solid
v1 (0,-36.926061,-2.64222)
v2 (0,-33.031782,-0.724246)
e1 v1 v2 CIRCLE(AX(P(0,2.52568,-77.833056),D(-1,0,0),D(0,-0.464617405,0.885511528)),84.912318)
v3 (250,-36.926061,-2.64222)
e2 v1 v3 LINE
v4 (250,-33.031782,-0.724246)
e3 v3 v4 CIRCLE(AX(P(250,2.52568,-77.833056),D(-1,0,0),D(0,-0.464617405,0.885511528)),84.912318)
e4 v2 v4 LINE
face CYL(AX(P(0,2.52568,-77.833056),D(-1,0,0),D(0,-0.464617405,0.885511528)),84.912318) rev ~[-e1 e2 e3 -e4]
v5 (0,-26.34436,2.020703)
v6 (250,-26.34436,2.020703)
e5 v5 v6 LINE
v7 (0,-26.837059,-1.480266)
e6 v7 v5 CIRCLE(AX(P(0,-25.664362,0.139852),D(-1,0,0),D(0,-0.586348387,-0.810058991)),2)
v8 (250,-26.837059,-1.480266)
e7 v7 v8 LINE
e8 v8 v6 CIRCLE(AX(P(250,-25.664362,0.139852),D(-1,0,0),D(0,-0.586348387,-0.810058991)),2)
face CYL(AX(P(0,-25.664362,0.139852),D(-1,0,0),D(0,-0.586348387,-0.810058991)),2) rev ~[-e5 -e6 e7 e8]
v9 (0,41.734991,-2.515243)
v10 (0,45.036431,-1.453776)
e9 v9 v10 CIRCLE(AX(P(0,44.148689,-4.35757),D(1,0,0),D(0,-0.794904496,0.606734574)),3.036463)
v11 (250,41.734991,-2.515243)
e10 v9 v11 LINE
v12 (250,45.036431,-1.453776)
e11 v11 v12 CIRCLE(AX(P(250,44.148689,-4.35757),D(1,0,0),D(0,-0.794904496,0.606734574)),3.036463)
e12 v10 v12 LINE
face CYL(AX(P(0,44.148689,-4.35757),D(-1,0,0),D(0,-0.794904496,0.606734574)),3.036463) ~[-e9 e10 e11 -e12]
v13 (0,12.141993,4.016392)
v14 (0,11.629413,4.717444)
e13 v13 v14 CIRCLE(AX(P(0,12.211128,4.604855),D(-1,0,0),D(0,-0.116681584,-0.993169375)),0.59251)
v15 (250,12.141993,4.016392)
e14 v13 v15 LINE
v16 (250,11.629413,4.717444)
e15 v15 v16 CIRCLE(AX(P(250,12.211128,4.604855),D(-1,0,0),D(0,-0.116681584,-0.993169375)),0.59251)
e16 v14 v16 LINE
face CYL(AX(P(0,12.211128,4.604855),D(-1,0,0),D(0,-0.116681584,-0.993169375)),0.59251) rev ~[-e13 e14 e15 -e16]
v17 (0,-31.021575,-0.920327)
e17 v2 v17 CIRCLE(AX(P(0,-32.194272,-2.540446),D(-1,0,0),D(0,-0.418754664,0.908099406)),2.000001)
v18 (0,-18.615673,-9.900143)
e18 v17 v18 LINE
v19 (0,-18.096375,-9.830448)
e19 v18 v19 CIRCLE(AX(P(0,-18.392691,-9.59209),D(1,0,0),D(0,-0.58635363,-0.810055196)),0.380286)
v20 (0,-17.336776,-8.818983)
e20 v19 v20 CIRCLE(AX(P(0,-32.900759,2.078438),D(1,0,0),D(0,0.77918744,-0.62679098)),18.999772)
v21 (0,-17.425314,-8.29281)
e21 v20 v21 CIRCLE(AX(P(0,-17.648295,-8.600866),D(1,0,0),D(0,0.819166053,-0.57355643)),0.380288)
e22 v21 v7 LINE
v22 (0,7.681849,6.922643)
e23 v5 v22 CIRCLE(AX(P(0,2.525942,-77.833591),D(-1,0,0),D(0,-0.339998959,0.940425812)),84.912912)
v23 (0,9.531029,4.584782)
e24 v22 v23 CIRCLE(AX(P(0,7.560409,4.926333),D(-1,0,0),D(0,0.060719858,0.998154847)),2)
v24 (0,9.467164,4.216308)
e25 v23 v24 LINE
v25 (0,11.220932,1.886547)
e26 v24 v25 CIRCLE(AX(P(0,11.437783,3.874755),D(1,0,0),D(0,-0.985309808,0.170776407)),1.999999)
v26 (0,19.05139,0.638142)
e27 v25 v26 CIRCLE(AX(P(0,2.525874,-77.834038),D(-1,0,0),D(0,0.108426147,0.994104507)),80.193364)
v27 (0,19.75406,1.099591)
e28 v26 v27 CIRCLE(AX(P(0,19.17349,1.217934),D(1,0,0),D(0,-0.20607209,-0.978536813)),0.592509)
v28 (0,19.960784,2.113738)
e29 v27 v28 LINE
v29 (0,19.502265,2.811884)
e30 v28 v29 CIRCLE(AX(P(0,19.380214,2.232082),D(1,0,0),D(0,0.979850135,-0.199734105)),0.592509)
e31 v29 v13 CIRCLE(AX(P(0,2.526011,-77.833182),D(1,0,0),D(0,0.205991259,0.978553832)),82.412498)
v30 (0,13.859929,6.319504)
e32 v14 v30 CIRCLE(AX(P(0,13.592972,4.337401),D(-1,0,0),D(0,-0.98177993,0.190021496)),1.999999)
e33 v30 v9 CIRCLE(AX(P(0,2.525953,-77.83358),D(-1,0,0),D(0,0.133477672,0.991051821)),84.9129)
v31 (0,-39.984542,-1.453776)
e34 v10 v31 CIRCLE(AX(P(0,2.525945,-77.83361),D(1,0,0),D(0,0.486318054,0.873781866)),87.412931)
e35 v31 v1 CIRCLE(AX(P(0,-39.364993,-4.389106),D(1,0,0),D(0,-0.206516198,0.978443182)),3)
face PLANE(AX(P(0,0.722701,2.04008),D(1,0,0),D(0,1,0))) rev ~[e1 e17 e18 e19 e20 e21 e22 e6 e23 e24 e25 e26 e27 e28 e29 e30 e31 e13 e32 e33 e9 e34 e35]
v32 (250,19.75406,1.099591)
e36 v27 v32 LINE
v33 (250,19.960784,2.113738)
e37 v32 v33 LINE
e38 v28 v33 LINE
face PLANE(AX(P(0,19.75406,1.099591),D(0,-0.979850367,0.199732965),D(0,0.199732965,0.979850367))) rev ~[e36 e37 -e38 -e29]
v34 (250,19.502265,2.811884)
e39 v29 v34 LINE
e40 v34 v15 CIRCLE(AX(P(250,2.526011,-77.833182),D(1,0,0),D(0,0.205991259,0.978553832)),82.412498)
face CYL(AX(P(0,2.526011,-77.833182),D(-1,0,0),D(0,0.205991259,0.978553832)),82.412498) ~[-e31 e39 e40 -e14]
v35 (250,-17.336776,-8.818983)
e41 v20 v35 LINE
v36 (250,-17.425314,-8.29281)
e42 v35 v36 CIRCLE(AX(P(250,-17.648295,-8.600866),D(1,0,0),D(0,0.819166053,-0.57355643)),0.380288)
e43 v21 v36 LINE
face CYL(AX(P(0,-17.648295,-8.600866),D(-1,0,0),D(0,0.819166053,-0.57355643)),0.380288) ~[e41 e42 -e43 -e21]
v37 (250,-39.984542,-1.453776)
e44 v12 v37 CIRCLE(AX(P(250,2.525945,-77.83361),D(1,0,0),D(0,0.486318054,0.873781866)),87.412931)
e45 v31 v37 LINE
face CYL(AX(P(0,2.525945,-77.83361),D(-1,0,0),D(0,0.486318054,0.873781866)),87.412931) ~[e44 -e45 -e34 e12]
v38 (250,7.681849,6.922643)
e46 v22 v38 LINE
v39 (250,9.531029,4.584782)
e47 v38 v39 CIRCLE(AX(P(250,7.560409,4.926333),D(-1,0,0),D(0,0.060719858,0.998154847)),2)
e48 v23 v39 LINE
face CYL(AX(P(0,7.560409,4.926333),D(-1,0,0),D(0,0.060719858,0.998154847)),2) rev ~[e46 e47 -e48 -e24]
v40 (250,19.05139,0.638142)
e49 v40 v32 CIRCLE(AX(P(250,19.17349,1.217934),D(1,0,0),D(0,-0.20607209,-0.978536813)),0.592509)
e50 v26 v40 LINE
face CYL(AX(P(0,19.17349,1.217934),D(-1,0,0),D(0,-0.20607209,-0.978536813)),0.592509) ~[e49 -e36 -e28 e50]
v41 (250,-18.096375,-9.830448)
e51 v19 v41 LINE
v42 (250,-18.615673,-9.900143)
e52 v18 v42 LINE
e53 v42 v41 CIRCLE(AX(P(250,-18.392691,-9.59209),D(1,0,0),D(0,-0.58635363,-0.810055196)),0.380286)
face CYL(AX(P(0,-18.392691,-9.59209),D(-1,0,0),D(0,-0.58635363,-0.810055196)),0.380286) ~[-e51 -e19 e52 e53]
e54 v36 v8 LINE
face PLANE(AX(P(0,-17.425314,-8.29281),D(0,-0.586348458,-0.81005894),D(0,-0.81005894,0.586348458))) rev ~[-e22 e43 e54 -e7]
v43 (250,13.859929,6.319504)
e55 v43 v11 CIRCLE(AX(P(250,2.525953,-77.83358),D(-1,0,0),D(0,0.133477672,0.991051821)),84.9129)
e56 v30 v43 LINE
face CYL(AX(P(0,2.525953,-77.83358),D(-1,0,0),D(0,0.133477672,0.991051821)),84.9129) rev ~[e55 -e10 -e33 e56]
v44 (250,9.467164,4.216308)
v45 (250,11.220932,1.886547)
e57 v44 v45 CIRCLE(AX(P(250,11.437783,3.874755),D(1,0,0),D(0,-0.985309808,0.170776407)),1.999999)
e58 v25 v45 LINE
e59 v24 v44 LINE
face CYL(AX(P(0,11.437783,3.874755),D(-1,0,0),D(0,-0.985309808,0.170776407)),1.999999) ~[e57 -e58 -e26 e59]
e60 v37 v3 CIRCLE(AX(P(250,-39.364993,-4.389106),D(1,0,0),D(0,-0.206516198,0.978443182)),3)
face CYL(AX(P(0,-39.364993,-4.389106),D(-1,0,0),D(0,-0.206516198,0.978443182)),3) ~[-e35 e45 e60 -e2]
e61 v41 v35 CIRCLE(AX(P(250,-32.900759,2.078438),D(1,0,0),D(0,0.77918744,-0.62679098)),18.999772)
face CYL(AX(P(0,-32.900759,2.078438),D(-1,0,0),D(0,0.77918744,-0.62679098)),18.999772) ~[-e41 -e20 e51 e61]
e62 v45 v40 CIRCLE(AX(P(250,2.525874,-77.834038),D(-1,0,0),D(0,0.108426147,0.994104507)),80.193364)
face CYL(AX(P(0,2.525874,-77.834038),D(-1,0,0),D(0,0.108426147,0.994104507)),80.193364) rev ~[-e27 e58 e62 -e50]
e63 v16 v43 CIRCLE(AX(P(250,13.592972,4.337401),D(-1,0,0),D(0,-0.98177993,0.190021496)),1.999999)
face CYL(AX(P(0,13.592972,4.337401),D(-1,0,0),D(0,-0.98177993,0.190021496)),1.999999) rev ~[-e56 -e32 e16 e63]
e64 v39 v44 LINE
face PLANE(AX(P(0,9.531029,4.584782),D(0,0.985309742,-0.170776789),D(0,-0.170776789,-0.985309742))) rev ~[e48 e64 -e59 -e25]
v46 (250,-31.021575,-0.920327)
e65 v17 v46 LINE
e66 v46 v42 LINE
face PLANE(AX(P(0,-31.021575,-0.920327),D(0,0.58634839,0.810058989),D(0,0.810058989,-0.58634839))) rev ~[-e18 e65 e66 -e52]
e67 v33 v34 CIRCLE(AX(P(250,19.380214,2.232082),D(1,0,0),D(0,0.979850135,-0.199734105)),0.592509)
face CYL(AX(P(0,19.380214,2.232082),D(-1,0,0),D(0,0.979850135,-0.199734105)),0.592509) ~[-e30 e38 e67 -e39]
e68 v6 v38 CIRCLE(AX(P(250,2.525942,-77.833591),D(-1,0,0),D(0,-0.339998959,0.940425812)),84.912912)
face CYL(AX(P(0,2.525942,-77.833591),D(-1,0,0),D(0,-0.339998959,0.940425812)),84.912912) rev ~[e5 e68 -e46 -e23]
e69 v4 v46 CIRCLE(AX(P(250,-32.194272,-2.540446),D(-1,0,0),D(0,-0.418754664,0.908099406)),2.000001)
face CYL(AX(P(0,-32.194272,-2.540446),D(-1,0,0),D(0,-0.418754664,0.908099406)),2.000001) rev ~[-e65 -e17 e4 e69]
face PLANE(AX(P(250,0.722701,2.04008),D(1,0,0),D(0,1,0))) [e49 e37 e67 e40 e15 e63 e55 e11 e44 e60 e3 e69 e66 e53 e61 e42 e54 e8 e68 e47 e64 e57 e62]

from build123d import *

# Parameters (mm, degrees)
F1_DEPTH = 250


with BuildPart() as f1:
    # F0 (on Right) → F1 (new body)
    with BuildSketch(Plane.YZ):
        with BuildLine():
            ThreePointArc((13.859929, 6.319504), (28.180626, 3.111082), (41.734991, -2.515243))
            ThreePointArc((41.734991, -2.515243), (45.078104, -7.248295), (45.036431, -1.453776))
            ThreePointArc((45.036431, -1.453776), (2.525944, 9.579321), (-39.984542, -1.453776))
            ThreePointArc((-39.984542, -1.453776), (-40.451565, -7.185418), (-36.926061, -2.64222))
            ThreePointArc((-36.926061, -2.64222), (-34.99118, -1.658343), (-33.031782, -0.724246))
            ThreePointArc((-33.031782, -0.724246), (-32.000108, -0.549892), (-31.021575, -0.920327))
            Line((-31.021575, -0.920327), (-18.615673, -9.900143))
            ThreePointArc((-18.615673, -9.900143), (-18.342106, -9.968997), (-18.096375, -9.830448))
            ThreePointArc((-18.096375, -9.830448), (-17.708156, -9.331039), (-17.336776, -8.818983))
            ThreePointArc((-17.336776, -8.818983), (-17.273279, -8.537763), (-17.425314, -8.29281))
            Line((-17.425314, -8.29281), (-26.837059, -1.480266))
            ThreePointArc((-26.837059, -1.480266), (-27.644846, 0.418569), (-26.34436, 2.020703))
            ThreePointArc((-26.34436, 2.020703), (-9.581923, 6.211648), (7.681849, 6.922643))
            ThreePointArc((7.681849, 6.922643), (9.129032, 6.167068), (9.531029, 4.584782))
            Line((9.531029, 4.584782), (9.467164, 4.216308))
            ThreePointArc((9.467164, 4.216308), (9.839909, 2.671927), (11.220932, 1.886547))
            ThreePointArc((11.220932, 1.886547), (15.151601, 1.359186), (19.05139, 0.638142))
            ThreePointArc((19.05139, 0.638142), (19.498732, 0.722672), (19.75406, 1.099591))
            Line((19.75406, 1.099591), (19.960784, 2.113738))
            ThreePointArc((19.960784, 2.113738), (19.875463, 2.557344), (19.502265, 2.811884))
            ThreePointArc((19.502265, 2.811884), (15.835762, 3.497442), (12.141993, 4.016392))
            ThreePointArc((12.141993, 4.016392), (11.732829, 4.255143), (11.629413, 4.717444))
            ThreePointArc((11.629413, 4.717444), (12.42624, 5.961819), (13.859929, 6.319504))
        make_face()
    extrude(amount=F1_DEPTH)


solid = f1.part
